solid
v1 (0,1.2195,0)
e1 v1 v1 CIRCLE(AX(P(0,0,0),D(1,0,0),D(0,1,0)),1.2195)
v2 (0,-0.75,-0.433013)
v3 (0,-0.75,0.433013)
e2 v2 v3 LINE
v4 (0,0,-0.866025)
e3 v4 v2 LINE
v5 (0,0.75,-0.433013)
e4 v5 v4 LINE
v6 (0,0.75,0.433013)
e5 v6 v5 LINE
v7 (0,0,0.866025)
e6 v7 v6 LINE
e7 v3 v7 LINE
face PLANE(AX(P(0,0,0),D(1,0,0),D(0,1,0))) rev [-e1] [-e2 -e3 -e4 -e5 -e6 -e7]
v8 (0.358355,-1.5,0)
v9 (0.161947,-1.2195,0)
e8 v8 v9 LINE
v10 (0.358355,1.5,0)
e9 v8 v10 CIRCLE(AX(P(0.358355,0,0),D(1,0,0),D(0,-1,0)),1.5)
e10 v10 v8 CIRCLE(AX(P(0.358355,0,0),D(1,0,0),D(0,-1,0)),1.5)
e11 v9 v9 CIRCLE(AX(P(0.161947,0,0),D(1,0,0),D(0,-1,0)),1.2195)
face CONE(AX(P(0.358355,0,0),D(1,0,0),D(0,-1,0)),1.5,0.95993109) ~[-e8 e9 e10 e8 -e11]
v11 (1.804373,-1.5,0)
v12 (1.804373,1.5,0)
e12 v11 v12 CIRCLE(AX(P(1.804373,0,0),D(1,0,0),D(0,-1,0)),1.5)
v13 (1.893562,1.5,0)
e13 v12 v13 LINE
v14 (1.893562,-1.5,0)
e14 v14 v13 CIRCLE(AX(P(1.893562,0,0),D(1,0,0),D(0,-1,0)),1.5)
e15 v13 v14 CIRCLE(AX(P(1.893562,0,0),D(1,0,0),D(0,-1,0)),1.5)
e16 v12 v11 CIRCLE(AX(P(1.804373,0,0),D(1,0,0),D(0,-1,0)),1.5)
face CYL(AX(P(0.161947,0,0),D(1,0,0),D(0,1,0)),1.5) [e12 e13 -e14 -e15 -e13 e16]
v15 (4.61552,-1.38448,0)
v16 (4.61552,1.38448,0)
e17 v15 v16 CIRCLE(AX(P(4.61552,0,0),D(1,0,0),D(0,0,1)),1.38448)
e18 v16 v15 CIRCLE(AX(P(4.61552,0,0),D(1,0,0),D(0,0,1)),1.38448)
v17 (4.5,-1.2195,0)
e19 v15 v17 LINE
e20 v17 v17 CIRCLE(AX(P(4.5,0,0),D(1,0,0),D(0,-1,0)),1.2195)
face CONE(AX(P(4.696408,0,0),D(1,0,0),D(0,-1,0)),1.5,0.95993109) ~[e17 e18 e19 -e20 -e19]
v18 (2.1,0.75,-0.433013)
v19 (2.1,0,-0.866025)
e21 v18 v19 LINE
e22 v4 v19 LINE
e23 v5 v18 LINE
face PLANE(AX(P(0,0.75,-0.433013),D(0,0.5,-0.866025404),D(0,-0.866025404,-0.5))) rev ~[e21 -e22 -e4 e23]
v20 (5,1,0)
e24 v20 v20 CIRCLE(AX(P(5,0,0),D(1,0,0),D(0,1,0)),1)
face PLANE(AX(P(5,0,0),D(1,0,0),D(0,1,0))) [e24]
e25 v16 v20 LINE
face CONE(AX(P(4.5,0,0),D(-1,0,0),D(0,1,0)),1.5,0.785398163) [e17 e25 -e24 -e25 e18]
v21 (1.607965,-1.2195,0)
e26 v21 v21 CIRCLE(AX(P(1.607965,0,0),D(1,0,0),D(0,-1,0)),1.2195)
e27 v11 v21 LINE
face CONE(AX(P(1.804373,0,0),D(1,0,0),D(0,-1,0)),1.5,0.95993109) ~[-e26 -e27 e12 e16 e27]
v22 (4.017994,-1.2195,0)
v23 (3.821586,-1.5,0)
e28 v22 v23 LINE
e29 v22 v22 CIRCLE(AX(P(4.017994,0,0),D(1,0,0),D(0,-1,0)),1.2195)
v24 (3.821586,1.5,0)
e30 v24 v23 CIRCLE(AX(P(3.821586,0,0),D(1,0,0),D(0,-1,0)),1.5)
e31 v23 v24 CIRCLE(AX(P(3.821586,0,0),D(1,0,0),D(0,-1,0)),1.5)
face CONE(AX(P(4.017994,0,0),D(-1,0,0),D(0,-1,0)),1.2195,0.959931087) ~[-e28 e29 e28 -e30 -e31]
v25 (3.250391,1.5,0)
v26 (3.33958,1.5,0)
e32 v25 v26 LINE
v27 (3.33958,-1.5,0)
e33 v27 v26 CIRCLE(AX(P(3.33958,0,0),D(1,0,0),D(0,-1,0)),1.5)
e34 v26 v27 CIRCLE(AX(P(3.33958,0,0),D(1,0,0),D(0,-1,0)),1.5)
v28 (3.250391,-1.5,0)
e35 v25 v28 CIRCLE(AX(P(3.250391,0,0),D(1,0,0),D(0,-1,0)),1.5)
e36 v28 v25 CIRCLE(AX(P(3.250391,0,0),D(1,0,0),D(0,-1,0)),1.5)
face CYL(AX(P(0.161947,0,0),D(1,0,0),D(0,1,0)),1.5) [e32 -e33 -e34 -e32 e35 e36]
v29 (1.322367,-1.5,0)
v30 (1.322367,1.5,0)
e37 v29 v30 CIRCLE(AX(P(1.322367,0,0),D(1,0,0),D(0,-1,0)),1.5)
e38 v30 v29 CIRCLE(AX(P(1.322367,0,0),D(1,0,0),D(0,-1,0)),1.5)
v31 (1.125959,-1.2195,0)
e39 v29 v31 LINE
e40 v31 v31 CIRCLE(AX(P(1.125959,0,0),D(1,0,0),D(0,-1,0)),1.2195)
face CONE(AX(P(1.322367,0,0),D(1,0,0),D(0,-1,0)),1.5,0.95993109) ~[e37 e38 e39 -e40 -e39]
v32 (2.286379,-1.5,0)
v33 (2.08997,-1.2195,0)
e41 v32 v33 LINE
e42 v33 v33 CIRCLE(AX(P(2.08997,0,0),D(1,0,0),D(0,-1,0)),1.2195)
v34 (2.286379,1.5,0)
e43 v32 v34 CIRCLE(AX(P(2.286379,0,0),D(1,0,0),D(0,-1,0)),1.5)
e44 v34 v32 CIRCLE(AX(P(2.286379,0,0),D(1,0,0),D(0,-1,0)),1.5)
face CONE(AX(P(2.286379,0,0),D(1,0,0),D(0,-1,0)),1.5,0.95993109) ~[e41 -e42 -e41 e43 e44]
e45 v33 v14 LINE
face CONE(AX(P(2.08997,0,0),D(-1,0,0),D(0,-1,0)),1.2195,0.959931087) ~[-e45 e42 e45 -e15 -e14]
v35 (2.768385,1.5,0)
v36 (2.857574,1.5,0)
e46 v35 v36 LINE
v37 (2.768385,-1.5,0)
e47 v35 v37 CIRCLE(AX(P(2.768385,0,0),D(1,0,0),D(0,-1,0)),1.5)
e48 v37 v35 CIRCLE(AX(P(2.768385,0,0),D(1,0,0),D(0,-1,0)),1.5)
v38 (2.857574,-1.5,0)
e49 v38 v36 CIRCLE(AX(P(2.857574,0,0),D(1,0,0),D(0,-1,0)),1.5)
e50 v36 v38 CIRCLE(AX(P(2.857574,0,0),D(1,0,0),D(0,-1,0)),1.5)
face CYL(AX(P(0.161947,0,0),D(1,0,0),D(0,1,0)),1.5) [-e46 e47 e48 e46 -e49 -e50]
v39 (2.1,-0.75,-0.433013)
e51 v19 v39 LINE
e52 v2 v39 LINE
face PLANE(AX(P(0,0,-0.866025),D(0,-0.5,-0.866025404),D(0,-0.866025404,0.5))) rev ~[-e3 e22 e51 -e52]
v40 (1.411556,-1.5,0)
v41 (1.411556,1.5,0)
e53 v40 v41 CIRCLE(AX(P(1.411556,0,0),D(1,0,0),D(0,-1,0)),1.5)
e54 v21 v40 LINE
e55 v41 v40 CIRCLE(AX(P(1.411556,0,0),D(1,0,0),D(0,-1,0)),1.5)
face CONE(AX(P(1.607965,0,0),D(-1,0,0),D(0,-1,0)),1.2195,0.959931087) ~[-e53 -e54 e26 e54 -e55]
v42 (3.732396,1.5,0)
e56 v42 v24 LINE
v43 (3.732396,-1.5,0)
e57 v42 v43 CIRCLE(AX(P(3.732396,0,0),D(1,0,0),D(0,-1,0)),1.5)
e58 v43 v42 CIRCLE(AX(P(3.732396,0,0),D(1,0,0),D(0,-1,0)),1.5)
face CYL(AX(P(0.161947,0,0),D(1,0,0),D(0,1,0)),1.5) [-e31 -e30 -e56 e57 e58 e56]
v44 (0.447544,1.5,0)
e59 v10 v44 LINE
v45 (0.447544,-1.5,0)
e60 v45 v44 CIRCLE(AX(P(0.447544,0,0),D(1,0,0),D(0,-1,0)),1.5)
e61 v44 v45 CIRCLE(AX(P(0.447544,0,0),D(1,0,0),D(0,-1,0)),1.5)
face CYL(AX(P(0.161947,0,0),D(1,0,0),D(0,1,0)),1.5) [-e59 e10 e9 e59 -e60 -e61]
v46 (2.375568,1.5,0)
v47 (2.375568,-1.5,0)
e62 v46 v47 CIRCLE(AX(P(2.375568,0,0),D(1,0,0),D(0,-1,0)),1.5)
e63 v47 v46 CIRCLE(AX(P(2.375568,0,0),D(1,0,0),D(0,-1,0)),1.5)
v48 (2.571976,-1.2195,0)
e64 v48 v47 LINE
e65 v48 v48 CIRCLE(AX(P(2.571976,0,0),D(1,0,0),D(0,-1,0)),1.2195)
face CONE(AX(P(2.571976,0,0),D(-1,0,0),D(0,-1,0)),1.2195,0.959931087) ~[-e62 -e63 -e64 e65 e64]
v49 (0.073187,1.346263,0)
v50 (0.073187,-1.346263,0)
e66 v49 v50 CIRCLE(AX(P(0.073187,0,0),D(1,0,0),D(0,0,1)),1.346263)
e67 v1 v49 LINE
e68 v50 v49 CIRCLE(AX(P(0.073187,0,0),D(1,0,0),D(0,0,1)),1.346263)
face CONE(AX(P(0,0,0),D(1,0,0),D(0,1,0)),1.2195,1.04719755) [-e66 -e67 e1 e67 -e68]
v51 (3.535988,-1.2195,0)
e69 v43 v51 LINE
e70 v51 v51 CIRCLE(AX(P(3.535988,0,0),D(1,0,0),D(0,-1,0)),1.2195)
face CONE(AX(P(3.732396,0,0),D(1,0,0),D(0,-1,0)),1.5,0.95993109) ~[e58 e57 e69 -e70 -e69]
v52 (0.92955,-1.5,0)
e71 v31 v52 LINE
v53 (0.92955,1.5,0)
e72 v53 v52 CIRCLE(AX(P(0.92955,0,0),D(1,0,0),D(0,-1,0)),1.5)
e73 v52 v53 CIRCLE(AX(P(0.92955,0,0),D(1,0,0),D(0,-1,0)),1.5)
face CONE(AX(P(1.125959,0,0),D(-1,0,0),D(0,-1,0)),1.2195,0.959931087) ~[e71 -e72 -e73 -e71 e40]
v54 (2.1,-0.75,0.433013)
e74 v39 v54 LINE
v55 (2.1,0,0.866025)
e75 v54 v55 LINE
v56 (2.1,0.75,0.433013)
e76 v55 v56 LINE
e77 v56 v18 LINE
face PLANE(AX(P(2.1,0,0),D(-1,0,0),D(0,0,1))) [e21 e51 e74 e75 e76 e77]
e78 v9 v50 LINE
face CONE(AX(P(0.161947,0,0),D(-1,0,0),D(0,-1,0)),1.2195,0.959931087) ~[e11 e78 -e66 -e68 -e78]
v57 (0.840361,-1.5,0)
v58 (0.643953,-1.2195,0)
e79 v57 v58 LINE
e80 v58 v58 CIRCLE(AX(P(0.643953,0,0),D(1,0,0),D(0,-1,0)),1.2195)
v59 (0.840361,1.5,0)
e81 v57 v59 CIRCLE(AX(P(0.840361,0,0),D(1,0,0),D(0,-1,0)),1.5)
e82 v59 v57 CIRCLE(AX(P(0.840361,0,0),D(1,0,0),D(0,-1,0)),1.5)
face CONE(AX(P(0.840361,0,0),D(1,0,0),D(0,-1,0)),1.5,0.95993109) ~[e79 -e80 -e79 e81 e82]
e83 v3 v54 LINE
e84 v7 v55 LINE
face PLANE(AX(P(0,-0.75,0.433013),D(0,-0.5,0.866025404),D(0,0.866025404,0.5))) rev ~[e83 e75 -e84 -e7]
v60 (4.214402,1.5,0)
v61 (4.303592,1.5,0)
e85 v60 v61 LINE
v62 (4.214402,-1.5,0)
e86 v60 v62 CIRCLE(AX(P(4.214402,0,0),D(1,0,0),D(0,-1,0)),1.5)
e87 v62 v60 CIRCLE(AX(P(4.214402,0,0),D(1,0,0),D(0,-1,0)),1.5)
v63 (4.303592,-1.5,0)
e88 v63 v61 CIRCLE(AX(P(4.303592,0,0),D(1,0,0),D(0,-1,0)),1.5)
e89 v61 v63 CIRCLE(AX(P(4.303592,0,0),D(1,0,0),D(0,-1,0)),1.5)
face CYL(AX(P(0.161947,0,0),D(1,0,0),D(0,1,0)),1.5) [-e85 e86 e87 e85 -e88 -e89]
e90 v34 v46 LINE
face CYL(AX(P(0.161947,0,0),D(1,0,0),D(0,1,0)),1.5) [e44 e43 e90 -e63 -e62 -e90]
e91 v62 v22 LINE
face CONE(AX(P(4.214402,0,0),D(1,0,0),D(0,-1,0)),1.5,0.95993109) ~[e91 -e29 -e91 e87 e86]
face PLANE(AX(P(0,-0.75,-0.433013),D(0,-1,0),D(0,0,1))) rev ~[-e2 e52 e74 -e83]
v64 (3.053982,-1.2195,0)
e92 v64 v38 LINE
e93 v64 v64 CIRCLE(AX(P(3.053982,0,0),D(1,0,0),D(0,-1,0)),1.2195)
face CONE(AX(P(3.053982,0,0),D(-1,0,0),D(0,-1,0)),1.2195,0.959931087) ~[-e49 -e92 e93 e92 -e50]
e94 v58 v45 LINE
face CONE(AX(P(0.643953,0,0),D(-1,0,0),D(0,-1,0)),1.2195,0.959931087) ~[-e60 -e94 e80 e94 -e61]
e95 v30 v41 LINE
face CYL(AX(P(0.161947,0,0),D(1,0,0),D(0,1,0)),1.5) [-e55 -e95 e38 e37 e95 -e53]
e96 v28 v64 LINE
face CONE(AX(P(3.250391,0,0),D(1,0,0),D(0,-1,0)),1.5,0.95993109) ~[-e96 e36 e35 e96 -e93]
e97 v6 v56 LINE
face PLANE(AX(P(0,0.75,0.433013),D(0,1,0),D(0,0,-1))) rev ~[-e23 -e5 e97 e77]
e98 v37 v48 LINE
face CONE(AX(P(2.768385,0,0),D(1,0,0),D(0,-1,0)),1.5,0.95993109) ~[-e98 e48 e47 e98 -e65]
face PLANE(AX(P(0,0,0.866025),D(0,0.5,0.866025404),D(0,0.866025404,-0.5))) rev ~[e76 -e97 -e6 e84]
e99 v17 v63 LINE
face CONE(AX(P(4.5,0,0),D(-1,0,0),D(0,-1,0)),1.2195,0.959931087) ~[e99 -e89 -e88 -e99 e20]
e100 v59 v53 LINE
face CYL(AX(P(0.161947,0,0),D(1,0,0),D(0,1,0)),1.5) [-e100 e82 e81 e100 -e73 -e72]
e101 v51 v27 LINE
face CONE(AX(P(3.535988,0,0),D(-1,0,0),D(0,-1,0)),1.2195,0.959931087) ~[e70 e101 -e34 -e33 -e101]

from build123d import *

# Parameters (mm, degrees)
HEX_2_DEPTH     = 2.1
THDSCHPAT_COUNT = 10
THDSCHPAT_PITCH = 0.482005923


with BuildPart() as part:
    # BodySke → BaseBody (revolve)
    with BuildSketch(Plane.XY):
        Polygon((0, 0), (0, 1.2195), (0.161946751, 1.5), (4.5, 1.5), (5, 1), (5, 0), align=None)
    revolve(axis=Axis((-12.7, 0, 0), (1, 0, 0)))

    # Sketch2 → Hex 2 (cut)
    with BuildSketch(Plane.ZY):
        Polygon((0.433012702, 0.75), (-0.433012702, 0.75), (-0.866025404, 0), (-0.433012702, -0.75), (0.433012702, -0.75), (0.866025404, 0), align=None)
    extrude(amount=-HEX_2_DEPTH, mode=Mode.SUBTRACT)

    # ThdSchSke → ThreadSchematic (revolve, cut)
    with BuildSketch(Plane.XY):
        Polygon((0.161946751, -1.2195), (-0.034461464, -1.5), (-0.034461464, -1.875), (0.358354965, -1.875), (0.358354965, -1.5), align=None)
    threadschematic = revolve(axis=Axis((-3.175, 0, 0), (1, 0, 0)), mode=Mode.SUBTRACT)

    # ThdSchPat: ThreadSchematic ×10
    with Locations(*[(i * THDSCHPAT_PITCH, 0, 0) for i in range(1, THDSCHPAT_COUNT)]):
        add(threadschematic, mode=Mode.SUBTRACT)


solid = part.part
